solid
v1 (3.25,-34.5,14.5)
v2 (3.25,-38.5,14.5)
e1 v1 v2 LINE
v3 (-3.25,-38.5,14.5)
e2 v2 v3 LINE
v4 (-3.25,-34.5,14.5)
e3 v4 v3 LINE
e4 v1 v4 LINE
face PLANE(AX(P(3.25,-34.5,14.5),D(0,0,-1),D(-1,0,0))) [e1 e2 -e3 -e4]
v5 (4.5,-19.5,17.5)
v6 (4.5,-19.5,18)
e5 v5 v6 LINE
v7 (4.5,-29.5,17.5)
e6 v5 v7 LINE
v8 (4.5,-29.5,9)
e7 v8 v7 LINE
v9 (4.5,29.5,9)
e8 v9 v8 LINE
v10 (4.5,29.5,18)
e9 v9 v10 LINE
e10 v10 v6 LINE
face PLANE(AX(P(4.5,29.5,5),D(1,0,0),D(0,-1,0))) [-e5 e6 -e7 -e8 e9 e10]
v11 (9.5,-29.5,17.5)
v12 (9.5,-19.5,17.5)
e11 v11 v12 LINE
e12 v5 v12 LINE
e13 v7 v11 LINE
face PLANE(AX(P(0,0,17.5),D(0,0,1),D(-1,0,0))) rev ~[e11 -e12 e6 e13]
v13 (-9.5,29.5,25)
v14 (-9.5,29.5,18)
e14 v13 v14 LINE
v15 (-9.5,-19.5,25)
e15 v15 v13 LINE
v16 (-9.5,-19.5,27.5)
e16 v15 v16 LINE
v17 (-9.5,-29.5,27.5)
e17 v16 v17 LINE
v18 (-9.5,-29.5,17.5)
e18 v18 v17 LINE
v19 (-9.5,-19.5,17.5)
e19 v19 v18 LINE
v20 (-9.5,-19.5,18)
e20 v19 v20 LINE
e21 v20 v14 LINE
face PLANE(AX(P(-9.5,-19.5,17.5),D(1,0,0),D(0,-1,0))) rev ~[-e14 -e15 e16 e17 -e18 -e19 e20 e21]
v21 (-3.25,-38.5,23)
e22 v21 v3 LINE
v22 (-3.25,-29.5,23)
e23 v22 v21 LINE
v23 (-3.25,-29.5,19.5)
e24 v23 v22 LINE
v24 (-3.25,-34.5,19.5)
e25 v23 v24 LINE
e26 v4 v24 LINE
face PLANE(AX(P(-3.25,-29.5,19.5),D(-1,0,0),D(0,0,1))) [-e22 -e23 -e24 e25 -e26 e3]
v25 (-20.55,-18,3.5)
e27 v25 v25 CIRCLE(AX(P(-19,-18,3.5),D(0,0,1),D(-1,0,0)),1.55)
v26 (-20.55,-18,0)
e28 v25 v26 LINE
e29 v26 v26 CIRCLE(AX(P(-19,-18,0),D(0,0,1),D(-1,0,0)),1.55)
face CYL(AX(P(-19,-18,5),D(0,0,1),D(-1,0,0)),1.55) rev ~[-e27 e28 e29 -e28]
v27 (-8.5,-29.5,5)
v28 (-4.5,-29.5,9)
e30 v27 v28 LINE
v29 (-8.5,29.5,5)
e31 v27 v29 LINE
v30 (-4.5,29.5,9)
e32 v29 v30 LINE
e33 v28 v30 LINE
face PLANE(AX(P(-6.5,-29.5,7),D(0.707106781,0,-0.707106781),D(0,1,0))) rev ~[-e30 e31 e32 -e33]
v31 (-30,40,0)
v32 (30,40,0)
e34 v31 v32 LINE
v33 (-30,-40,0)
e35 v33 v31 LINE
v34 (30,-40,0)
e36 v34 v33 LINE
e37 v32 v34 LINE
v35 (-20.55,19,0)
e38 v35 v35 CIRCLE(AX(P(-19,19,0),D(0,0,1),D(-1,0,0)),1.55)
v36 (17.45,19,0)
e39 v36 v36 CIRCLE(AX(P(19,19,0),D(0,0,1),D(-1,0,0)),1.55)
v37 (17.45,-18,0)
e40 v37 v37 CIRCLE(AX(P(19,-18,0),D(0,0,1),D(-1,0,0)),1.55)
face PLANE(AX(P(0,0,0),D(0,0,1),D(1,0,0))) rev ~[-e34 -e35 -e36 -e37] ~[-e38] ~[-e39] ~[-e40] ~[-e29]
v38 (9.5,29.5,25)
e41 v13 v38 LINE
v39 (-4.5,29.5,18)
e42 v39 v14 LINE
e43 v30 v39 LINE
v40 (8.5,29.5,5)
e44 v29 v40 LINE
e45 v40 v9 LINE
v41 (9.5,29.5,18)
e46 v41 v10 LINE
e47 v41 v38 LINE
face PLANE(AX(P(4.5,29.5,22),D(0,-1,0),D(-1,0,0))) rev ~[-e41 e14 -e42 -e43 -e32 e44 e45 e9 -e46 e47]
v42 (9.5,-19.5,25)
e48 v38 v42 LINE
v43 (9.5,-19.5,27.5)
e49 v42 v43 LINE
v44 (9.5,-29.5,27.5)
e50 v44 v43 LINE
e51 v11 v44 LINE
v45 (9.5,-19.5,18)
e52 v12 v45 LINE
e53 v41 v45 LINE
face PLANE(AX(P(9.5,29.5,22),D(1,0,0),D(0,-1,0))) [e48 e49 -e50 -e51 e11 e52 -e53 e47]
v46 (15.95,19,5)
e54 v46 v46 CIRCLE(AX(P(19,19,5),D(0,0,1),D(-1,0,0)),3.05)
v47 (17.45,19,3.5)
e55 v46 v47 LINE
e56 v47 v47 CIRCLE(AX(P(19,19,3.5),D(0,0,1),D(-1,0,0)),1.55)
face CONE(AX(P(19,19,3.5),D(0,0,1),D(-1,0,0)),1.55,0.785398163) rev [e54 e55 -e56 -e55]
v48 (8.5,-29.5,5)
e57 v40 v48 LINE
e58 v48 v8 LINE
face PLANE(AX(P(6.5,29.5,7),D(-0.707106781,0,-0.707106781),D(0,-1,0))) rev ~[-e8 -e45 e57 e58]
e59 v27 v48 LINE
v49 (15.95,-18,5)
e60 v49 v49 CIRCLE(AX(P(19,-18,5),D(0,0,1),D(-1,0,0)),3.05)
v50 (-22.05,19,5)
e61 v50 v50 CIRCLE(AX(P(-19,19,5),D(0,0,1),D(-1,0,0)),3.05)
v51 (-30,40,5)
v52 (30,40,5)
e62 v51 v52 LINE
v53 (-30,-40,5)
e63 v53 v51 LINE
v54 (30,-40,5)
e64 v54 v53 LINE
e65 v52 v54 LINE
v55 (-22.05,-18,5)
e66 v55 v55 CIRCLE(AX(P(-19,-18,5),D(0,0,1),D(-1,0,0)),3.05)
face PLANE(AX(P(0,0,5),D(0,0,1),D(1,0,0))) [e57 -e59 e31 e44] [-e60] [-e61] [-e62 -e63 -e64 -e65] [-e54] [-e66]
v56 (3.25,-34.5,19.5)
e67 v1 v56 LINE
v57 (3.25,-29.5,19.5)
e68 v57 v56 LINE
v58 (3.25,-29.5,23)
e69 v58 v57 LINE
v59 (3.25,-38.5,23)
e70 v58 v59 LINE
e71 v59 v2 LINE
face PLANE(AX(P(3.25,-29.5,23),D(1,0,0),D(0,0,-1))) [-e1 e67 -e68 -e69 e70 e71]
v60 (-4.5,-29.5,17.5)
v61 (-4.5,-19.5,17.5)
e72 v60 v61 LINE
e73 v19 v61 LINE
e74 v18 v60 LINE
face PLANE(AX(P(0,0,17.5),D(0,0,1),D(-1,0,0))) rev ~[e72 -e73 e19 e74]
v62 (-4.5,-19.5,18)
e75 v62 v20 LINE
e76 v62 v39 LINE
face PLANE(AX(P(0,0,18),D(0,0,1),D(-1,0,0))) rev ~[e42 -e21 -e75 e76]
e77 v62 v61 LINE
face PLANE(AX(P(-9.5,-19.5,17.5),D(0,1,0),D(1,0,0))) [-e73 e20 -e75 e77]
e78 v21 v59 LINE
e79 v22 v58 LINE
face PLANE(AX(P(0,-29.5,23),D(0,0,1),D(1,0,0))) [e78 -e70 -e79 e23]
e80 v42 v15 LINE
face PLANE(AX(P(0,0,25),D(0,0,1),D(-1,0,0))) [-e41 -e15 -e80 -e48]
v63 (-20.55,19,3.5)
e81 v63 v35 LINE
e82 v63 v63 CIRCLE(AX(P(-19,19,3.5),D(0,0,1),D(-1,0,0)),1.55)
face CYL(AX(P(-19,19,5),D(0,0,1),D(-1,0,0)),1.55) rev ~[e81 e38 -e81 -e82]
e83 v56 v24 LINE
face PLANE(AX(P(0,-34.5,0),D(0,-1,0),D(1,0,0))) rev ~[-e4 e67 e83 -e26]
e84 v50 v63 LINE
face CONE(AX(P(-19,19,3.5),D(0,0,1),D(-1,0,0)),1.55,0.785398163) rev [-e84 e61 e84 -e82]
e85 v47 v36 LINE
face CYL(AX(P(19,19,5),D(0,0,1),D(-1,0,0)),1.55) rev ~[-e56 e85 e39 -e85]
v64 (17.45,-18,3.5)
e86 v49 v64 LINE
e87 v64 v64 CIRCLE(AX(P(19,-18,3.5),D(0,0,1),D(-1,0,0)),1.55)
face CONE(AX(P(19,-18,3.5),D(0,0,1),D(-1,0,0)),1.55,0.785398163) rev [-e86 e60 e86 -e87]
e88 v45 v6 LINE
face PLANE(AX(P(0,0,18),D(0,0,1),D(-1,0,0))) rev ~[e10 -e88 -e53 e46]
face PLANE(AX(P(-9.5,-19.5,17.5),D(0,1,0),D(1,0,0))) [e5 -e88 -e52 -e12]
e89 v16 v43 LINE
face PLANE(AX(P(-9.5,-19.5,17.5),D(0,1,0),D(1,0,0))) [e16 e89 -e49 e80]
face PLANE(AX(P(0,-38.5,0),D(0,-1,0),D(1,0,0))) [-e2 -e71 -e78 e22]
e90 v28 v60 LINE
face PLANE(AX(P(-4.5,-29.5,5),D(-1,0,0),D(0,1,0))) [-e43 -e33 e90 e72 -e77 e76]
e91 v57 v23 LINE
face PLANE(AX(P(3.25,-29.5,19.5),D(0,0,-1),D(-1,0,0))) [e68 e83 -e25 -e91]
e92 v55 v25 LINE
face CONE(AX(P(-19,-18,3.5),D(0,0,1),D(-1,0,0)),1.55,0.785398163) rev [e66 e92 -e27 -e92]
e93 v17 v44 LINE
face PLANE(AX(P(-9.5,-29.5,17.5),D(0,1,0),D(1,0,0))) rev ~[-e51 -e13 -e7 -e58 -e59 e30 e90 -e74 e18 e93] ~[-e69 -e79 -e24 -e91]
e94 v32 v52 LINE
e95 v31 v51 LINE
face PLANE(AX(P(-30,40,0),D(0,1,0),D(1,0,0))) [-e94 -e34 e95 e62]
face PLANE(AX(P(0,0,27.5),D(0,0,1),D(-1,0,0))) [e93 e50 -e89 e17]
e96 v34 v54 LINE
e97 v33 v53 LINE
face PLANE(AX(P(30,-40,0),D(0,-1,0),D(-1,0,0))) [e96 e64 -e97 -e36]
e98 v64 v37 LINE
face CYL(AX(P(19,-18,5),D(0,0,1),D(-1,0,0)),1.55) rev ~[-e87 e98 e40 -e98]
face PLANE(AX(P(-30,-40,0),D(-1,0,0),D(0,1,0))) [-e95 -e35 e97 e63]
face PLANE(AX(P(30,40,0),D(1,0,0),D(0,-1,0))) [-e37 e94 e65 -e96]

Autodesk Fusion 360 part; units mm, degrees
sketch "Esquisse1" plane through (0, 0, 0) normal (0, 0, 1) x (1, 0, 0)
  line L0 (-30, 40) -> (30, 40)
  line L1 (30, 40) -> (30, -40)
  line L2 (30, -40) -> (-30, -40)
  line L3 (-30, -40) -> (-30, 40)
  line L4 (-30, 40) -> (30, -40) construction
  line L5 (30, 40) -> (-30, -40) construction
  dimension "d1" = 60
  dimension "d2" = 80
extrude "Extrusion1" add sketch "Esquisse1" along normal blind 5
sketch "Esquisse2" plane through (0, 0, 5) normal (0, 0, 1) x (-1, 0, 0)
  line L0 (30, 40) -> (-30, 40)
  line L1 (-30, 40) -> (-30, -40)
  line L2 (-30, -40) -> (30, -40)
  line L3 (30, -40) -> (30, 40)
  line L4 (4.5, -29.5) -> (-4.5, -29.5)
  line L5 (-4.5, -29.5) -> (-4.5, 29.5)
  line L6 (-4.5, 29.5) -> (4.5, 29.5)
  line L7 (4.5, 29.5) -> (4.5, -29.5)
  line L8 (4.5, -29.5) -> (-4.5, 29.5) construction
  line L9 (-4.5, -29.5) -> (4.5, 29.5) construction
  dimension "d5" = 59
  dimension "d6" = 9
extrude "Extrusion2" add sketch "Esquisse2" along normal blind 17 contours L4 L5 L6 L7
sketch "Esquisse3" plane through (0, 0, 22) normal (0, 0, 1) x (-1, 0, 0)
  line L0 (4.5, 29.5) -> (-4.5, 29.5)
  line L1 (-4.5, 29.5) -> (-4.5, -29.5)
  line L2 (-4.5, -29.5) -> (4.5, -29.5)
  line L3 (4.5, -29.5) -> (4.5, 29.5)
  line L4 (9.5, -29.5) -> (-9.5, -29.5)
  line L5 (-9.5, -29.5) -> (-9.5, 29.5)
  line L6 (-9.5, 29.5) -> (9.5, 29.5)
  line L7 (9.5, 29.5) -> (9.5, -29.5)
  line L8 (9.5, -29.5) -> (-9.5, 29.5) construction
  line L9 (-9.5, -29.5) -> (9.5, 29.5) construction
  dimension "d9" = 59
  dimension "d10" = 19
extrude "Extrusion3" add sketch "Esquisse3" along normal blind 3
sketch "Esquisse4" plane through (0, 0, 25) normal (0, 0, 1) x (-1, 0, 0)
  line L0 (9.5, 29.5) -> (-9.5, 29.5)
  line L1 (-9.5, 29.5) -> (-9.5, -29.5)
  line L2 (-9.5, -29.5) -> (9.5, -29.5)
  line L3 (9.5, -29.5) -> (9.5, 29.5)
  line L4 (-9.5, 29.5) -> (9.5, 29.5)
  line L5 (9.5, 29.5) -> (9.5, 19.5)
  line L6 (9.5, 19.5) -> (-9.5, 19.5)
  line L7 (-9.5, 19.5) -> (-9.5, 29.5)
  dimension "d13" = 10
extrude "Extrusion4" add sketch "Esquisse4" along normal blind 10 from surface at -7.5 contours L0 L1 L3 L4 L5 L6 L7
chamfer "Chanfrein5" distance 4 angle 45 1 edges at (4.5, 0, 5)
chamfer "Chanfrein6" distance 4 angle 45 1 edges at (-4.5, 0, 5)
sketch "Esquisse10" plane through (0, -29.5, 0) normal (0, -1, 0) x (1, 0, 0)
  line L0 (9.5, 17.5) -> (9.5, 27.5)
  line L1 (-9.5, 27.5) -> (-9.5, 17.5)
  line L2 (-4.5, 17.5) -> (-4.5, 9)
  line L3 (-4.5, 9) -> (-8.5, 5)
  line L4 (-8.5, 5) -> (8.5, 5)
  line L5 (8.5, 5) -> (4.5, 9)
  line L6 (4.5, 9) -> (4.5, 17.5)
  line L7 (0, 25) -> (0, 23)
  line L8 (0, 23) -> (-3.25, 23)
  line L9 (-3.25, 23) -> (3.25, 23)
  line L10 (3.25, 23) -> (3.25, 14.5)
  line L11 (3.25, 14.5) -> (-3.25, 14.5)
  line L12 (-3.25, 14.5) -> (-3.25, 23)
  line L13 (-3.25, 23) -> (3.25, 23)
  line L14 (3.25, 23) -> (3.25, 19.5)
  line L15 (3.25, 19.5) -> (-3.25, 19.5)
  line L16 (-3.25, 19.5) -> (-3.25, 23)
  line L17 (4.5, 17.5) -> (9.5, 17.5)
  line L18 (9.5, 27.5) -> (-9.5, 27.5)
  line L19 (-9.5, 27.5) -> (9.5, 27.5)
  line L20 (-9.5, 17.5) -> (-4.5, 17.5)
  point P0 (0, 25)
  point P1 (0, 23)
  dimension "d33" = 6.5
  dimension "d34" = 3.5
  dimension "d35" = 8.5
  dimension "d46" = 4.5
extrude "Extrusion9" add sketch "Esquisse10" along normal blind 6 contours L8 L9 L10 L12 L13 L14 L15 L16
extrude "Extrusion10" add sketch "Esquisse10" along normal blind 4 from surface at 5 contours L8 L9 L10 L12 L13 L14 L15 L16 | L10 L11 L12 L15
extrude "Extrusion11" add 2 faces at (7.8333, 13.1667, 22) (-7.8333, 13.1667, 22) along direction (0, 0, -1) blind 4
sketch "Esquisse11" plane through (0, 0, 5) normal (0, 0, 1) x (-1, 0, 0)
  line L0 (8.5, -29.5) -> (-8.5, -29.5)
  line L1 (-8.5, -29.5) -> (-8.5, 29.5)
  line L2 (-8.5, 29.5) -> (8.5, 29.5)
  line L3 (8.5, 29.5) -> (8.5, -29.5)
  line L4 (30, 40) -> (-30, 40)
  line L5 (-30, 40) -> (-30, -40)
  line L6 (-30, -40) -> (30, -40)
  line L7 (30, -40) -> (30, 40)
  circle A0 centre (19, -19) radius 1.55
  circle A1 centre (19, 18) radius 1.55
  circle A2 centre (-19, -19) radius 1.55
  circle A3 centre (-19, 18) radius 1.55
  dimension "d47" = 3.1
  dimension "d48" = 3.1
  dimension "d49" = 3.1
  dimension "d50" = 3.1
  dimension "d51" = 37
  dimension "d52" = 37
  dimension "d53" = 11
  dimension "d54" = 11
  dimension "d55" = 11
  dimension "d56" = 11
  dimension "d57" = 22
  dimension "d58" = 22
extrude "Extrusion12" cut sketch "Esquisse11" against normal blind 10 contours A0 | A1 | A2 | A3
chamfer "Chanfrein7" distance 1.5 angle 45 4 edges at (-17.5549, 18.4395, 5) (-17.5549, -18.5605, 5) (20.4451, 18.4395, 5) (20.4451, -18.5605, 5)
